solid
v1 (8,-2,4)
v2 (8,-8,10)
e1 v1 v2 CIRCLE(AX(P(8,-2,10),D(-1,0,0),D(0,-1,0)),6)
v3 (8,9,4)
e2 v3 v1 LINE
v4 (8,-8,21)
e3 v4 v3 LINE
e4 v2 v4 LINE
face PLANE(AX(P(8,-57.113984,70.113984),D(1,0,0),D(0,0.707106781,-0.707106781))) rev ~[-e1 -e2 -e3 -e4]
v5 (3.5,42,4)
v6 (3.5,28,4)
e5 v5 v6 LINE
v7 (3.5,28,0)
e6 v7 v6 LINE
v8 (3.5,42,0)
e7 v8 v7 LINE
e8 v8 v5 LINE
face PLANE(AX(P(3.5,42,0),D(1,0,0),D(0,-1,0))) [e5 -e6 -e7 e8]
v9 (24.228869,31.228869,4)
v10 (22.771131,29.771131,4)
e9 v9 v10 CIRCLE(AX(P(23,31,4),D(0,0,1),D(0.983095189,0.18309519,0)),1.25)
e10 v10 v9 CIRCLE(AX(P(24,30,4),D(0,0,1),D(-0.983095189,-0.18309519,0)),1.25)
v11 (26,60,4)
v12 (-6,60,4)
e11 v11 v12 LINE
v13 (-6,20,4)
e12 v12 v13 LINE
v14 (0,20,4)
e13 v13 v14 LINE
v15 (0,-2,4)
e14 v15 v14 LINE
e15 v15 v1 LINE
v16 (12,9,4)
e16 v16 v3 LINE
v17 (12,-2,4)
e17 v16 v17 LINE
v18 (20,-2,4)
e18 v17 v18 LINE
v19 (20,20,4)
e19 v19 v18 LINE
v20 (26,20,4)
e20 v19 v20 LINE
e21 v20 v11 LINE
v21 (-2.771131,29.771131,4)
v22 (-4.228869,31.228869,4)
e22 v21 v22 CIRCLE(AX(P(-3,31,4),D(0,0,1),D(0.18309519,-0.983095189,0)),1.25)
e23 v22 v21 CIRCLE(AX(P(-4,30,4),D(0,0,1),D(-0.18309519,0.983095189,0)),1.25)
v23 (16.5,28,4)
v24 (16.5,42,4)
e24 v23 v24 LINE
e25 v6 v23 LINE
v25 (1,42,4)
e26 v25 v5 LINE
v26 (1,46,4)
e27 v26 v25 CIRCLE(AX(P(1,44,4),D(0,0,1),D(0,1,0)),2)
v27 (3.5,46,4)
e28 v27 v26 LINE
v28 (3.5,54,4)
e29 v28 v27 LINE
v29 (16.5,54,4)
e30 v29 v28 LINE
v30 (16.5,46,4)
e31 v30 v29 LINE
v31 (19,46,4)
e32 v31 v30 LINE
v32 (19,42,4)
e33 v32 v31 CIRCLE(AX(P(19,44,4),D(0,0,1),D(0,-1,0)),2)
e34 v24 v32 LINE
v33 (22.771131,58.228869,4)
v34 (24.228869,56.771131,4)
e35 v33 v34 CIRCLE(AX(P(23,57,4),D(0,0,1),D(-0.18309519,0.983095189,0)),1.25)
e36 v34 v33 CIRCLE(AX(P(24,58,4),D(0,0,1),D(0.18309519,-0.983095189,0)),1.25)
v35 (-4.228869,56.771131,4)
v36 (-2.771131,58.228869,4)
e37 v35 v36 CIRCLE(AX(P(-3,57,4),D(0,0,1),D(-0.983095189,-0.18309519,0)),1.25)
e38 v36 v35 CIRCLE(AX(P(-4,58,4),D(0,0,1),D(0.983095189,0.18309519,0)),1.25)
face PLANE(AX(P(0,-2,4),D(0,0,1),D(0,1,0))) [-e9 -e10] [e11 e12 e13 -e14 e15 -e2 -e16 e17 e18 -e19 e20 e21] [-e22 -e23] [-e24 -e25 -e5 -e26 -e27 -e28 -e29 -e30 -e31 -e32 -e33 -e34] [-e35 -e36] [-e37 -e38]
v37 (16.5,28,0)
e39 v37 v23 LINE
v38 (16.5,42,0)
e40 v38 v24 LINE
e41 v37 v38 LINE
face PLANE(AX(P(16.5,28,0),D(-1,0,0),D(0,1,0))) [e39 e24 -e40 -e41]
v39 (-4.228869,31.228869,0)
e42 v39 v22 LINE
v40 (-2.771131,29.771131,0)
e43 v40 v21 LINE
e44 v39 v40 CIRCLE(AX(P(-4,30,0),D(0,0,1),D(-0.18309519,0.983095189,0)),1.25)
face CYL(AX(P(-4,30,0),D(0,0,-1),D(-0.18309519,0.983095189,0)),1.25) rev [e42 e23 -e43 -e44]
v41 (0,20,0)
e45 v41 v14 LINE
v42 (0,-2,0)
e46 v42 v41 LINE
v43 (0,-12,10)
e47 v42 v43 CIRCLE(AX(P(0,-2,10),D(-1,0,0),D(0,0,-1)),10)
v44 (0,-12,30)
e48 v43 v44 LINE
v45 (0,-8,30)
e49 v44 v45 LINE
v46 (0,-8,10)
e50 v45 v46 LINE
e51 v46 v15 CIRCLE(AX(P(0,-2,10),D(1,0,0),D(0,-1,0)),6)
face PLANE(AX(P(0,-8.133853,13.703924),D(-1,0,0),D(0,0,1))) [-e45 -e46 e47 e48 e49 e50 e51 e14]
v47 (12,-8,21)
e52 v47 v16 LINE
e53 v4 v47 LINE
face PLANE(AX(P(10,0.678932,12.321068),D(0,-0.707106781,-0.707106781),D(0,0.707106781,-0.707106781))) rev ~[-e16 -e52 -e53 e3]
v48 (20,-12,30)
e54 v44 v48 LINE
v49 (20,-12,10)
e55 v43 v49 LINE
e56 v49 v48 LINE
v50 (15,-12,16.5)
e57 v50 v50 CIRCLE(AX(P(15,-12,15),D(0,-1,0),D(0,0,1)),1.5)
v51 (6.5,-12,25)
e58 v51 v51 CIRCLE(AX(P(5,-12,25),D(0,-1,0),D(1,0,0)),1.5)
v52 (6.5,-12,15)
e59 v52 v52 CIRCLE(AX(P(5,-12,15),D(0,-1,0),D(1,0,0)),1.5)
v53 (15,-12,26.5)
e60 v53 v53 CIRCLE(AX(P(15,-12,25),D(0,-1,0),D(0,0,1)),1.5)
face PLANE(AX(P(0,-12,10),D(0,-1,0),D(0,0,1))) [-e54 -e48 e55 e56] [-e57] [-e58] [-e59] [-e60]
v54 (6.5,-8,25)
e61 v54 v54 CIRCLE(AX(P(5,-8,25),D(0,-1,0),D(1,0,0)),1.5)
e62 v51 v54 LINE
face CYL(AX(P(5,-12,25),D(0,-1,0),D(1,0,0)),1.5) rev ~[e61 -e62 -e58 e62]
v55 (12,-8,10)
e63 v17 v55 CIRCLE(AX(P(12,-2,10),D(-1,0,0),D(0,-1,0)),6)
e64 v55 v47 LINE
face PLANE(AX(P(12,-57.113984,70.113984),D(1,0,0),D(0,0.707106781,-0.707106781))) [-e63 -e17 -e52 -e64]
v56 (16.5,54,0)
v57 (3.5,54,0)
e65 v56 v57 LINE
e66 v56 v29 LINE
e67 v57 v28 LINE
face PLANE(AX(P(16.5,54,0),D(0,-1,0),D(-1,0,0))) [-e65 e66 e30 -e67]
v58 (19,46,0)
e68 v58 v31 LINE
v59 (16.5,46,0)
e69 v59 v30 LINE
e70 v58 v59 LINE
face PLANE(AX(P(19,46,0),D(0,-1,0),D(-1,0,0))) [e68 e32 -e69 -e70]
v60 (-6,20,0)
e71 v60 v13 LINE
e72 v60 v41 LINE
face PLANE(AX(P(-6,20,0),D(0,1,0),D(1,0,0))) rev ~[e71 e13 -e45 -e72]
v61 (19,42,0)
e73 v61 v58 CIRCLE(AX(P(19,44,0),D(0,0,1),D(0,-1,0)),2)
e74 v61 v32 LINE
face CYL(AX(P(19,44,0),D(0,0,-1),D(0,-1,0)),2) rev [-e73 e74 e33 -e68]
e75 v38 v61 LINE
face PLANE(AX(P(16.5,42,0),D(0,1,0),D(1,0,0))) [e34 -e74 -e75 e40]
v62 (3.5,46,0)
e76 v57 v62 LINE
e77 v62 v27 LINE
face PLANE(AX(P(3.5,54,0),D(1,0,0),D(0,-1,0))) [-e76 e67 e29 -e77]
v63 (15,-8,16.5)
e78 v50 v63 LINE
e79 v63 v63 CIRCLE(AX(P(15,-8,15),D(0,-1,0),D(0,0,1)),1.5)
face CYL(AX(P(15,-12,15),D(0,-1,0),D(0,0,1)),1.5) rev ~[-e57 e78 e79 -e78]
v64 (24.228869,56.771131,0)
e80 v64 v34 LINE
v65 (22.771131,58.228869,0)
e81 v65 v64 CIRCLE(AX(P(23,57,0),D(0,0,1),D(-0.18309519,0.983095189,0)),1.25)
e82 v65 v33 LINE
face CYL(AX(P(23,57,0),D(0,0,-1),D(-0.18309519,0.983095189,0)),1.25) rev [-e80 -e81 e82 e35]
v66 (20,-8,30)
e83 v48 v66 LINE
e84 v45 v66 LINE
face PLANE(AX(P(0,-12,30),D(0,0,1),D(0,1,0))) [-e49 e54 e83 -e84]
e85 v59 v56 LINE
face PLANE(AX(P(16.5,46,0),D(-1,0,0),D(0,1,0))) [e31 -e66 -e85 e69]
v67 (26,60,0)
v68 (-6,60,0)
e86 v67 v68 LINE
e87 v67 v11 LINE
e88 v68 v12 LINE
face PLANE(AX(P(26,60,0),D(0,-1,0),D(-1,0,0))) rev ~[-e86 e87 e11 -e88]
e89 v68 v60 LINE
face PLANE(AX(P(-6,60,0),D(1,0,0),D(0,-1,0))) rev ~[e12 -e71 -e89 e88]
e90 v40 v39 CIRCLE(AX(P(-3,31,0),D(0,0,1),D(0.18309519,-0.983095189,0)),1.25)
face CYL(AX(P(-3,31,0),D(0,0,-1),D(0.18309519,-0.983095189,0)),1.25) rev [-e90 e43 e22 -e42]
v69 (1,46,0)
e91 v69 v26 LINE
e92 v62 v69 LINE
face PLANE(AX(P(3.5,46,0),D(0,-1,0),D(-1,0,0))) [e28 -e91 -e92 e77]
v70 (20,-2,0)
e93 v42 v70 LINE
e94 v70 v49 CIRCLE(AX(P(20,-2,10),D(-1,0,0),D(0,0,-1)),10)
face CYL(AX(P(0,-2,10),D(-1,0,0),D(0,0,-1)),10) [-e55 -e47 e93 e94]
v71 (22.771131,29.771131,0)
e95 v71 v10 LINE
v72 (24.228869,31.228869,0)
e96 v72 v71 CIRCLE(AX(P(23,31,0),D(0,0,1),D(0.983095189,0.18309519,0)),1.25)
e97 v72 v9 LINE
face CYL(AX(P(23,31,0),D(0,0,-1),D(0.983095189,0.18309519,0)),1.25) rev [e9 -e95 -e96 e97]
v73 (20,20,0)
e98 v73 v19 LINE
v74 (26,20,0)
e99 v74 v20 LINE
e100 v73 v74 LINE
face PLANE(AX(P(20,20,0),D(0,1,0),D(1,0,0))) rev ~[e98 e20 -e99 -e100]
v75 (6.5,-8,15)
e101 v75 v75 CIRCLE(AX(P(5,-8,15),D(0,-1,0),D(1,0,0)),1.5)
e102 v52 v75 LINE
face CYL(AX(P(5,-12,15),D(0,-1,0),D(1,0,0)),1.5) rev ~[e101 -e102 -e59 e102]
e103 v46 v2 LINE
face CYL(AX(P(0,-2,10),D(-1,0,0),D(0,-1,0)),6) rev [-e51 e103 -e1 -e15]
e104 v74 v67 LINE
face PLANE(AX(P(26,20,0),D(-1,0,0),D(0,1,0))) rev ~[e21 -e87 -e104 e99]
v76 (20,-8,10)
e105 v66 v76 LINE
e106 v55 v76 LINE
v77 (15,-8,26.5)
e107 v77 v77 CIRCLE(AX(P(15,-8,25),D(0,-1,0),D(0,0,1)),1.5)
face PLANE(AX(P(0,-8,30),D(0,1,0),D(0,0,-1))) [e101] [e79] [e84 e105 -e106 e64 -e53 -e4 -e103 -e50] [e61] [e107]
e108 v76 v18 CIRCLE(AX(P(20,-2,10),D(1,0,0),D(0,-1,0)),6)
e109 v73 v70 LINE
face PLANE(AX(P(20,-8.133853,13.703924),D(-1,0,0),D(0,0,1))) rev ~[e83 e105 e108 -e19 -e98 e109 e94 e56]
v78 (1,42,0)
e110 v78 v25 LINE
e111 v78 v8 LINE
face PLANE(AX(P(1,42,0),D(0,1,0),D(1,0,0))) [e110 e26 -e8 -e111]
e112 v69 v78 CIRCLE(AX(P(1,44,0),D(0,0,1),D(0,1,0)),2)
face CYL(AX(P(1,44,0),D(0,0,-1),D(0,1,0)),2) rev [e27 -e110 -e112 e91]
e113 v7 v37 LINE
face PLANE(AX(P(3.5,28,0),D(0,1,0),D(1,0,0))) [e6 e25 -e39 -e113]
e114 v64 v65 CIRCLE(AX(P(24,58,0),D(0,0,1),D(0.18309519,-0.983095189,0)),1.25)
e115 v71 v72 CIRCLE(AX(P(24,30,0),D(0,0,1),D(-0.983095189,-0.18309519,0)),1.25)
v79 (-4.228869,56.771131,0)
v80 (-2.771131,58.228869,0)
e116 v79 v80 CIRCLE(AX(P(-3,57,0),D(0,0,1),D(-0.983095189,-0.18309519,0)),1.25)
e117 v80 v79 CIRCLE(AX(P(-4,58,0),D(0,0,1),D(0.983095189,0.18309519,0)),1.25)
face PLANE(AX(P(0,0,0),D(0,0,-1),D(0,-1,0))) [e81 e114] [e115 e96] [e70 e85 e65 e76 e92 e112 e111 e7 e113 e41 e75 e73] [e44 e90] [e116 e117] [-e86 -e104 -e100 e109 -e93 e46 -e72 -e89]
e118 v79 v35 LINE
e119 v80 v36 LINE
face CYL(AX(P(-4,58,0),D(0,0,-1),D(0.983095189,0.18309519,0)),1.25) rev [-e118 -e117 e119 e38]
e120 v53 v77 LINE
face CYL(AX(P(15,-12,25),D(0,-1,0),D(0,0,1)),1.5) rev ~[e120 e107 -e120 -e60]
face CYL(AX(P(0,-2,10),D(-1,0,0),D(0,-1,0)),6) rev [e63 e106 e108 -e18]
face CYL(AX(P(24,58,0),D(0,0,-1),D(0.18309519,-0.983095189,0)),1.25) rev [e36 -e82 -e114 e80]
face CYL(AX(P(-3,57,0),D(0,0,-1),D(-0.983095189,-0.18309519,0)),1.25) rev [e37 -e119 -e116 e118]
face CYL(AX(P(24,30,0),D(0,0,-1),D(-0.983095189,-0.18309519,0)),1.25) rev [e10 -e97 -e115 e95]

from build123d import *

# Parameters (mm, degrees)
EXTRUDE_1_DEPTH     = 4
EXTRUDE_3_DEPTH     = 20
RIB_1_REACH         = 70.964
SKETCH_5_WALL_W     = 163.463051102
SKETCH_5_WALL_H     = 4
SKETCH_6_R          = 1.5
CUT_EXTRUDE_3_DEPTH = 10


with BuildPart() as part:
    # 草图1 → 凸台-拉伸1 (new body)
    with BuildSketch(Plane.XY):
        Polygon((0, 20), (0, 0), (20, 0), (20, 20), (26, 20), (26, 60), (-6, 60), (-6, 20), align=None)
        with BuildLine():
            Line((3.5, 54), (3.5, 46))
            Line((3.5, 46), (1, 46))
            ThreePointArc((1, 46), (-1, 44), (1, 42))
            Line((1, 42), (3.5, 42))
            Line((3.5, 42), (3.5, 28))
            Line((3.5, 28), (16.5, 28))
            Line((16.5, 28), (16.5, 42))
            Line((16.5, 42), (19, 42))
            ThreePointArc((19, 42), (21, 44), (19, 46))
            Line((19, 46), (16.5, 46))
            Line((16.5, 46), (16.5, 54))
            Line((16.5, 54), (3.5, 54))
        make_face(mode=Mode.SUBTRACT)
        with BuildLine():
            ThreePointArc((24.228868987, 56.771131013), (24.883883476, 58.883883476), (22.771131013, 58.228868987))
            ThreePointArc((22.771131013, 58.228868987), (22.116116524, 56.116116524), (24.228868987, 56.771131013))
        make_face(mode=Mode.SUBTRACT)
        with BuildLine():
            ThreePointArc((24.228868987, 31.228868987), (22.116116524, 31.883883476), (22.771131013, 29.771131013))
            ThreePointArc((22.771131013, 29.771131013), (24.883883476, 29.116116524), (24.228868987, 31.228868987))
        make_face(mode=Mode.SUBTRACT)
        with BuildLine():
            ThreePointArc((-4.228868987, 31.228868987), (-4.883883476, 29.116116524), (-2.771131013, 29.771131013))
            ThreePointArc((-2.771131013, 29.771131013), (-2.116116524, 31.883883476), (-4.228868987, 31.228868987))
        make_face(mode=Mode.SUBTRACT)
        with BuildLine():
            ThreePointArc((-2.771131013, 58.228868987), (-4.883883476, 58.883883476), (-4.228868987, 56.771131013))
            ThreePointArc((-4.228868987, 56.771131013), (-2.116116524, 56.116116524), (-2.771131013, 58.228868987))
        make_face(mode=Mode.SUBTRACT)
    extrude(amount=EXTRUDE_1_DEPTH)

    # 草图4 → 凸台-拉伸3 (add)
    with BuildSketch(Plane.ZY):
        with BuildLine():
            Line((0, 0), (0, -2))
            ThreePointArc((0, -2), (2.928932188, -9.071067812), (10, -12))
            Line((10, -12), (30, -12))
            Line((30, -12), (30, -8))
            Line((30, -8), (10, -8))
            ThreePointArc((10, -8), (5.757359313, -6.242640687), (4, -2))
            Line((4, -2), (4, 0))
            Line((4, 0), (0, 0))
        make_face()
    extrude(amount=-EXTRUDE_3_DEPTH)

    # 草图5 wall → 筋1 (add, up to next)
    with BuildSketch(Plane(origin=(10, 0.678932188, 12.321067812), x_dir=(0, 0.707106781187, -0.707106781187), z_dir=(0, -0.707106781187, -0.707106781187)), mode=Mode.PRIVATE) as rib_1_sk1:
        Rectangle(SKETCH_5_WALL_W, SKETCH_5_WALL_H)
    rib_1_tool1 = extrude(rib_1_sk1.sketch, amount=RIB_1_REACH, mode=Mode.PRIVATE) - part.part
    add(rib_1_tool1.solids().sort_by_distance((10, 0.678932188, 12.321067812))[0])

    # 草图6 → 切除-拉伸3 (cut)
    with BuildSketch(Plane.XZ.offset(12)):
        with Locations((5, 25)):
            Circle(SKETCH_6_R)
        with Locations((5, 15)):
            Circle(SKETCH_6_R)
        with Locations(Location((15, 15, 0), (0, 0, 90))):
            Circle(SKETCH_6_R)
        with Locations(Location((15, 25, 0), (0, 0, 90))):
            Circle(SKETCH_6_R)
    extrude(amount=-CUT_EXTRUDE_3_DEPTH, mode=Mode.SUBTRACT)


solid = part.part
